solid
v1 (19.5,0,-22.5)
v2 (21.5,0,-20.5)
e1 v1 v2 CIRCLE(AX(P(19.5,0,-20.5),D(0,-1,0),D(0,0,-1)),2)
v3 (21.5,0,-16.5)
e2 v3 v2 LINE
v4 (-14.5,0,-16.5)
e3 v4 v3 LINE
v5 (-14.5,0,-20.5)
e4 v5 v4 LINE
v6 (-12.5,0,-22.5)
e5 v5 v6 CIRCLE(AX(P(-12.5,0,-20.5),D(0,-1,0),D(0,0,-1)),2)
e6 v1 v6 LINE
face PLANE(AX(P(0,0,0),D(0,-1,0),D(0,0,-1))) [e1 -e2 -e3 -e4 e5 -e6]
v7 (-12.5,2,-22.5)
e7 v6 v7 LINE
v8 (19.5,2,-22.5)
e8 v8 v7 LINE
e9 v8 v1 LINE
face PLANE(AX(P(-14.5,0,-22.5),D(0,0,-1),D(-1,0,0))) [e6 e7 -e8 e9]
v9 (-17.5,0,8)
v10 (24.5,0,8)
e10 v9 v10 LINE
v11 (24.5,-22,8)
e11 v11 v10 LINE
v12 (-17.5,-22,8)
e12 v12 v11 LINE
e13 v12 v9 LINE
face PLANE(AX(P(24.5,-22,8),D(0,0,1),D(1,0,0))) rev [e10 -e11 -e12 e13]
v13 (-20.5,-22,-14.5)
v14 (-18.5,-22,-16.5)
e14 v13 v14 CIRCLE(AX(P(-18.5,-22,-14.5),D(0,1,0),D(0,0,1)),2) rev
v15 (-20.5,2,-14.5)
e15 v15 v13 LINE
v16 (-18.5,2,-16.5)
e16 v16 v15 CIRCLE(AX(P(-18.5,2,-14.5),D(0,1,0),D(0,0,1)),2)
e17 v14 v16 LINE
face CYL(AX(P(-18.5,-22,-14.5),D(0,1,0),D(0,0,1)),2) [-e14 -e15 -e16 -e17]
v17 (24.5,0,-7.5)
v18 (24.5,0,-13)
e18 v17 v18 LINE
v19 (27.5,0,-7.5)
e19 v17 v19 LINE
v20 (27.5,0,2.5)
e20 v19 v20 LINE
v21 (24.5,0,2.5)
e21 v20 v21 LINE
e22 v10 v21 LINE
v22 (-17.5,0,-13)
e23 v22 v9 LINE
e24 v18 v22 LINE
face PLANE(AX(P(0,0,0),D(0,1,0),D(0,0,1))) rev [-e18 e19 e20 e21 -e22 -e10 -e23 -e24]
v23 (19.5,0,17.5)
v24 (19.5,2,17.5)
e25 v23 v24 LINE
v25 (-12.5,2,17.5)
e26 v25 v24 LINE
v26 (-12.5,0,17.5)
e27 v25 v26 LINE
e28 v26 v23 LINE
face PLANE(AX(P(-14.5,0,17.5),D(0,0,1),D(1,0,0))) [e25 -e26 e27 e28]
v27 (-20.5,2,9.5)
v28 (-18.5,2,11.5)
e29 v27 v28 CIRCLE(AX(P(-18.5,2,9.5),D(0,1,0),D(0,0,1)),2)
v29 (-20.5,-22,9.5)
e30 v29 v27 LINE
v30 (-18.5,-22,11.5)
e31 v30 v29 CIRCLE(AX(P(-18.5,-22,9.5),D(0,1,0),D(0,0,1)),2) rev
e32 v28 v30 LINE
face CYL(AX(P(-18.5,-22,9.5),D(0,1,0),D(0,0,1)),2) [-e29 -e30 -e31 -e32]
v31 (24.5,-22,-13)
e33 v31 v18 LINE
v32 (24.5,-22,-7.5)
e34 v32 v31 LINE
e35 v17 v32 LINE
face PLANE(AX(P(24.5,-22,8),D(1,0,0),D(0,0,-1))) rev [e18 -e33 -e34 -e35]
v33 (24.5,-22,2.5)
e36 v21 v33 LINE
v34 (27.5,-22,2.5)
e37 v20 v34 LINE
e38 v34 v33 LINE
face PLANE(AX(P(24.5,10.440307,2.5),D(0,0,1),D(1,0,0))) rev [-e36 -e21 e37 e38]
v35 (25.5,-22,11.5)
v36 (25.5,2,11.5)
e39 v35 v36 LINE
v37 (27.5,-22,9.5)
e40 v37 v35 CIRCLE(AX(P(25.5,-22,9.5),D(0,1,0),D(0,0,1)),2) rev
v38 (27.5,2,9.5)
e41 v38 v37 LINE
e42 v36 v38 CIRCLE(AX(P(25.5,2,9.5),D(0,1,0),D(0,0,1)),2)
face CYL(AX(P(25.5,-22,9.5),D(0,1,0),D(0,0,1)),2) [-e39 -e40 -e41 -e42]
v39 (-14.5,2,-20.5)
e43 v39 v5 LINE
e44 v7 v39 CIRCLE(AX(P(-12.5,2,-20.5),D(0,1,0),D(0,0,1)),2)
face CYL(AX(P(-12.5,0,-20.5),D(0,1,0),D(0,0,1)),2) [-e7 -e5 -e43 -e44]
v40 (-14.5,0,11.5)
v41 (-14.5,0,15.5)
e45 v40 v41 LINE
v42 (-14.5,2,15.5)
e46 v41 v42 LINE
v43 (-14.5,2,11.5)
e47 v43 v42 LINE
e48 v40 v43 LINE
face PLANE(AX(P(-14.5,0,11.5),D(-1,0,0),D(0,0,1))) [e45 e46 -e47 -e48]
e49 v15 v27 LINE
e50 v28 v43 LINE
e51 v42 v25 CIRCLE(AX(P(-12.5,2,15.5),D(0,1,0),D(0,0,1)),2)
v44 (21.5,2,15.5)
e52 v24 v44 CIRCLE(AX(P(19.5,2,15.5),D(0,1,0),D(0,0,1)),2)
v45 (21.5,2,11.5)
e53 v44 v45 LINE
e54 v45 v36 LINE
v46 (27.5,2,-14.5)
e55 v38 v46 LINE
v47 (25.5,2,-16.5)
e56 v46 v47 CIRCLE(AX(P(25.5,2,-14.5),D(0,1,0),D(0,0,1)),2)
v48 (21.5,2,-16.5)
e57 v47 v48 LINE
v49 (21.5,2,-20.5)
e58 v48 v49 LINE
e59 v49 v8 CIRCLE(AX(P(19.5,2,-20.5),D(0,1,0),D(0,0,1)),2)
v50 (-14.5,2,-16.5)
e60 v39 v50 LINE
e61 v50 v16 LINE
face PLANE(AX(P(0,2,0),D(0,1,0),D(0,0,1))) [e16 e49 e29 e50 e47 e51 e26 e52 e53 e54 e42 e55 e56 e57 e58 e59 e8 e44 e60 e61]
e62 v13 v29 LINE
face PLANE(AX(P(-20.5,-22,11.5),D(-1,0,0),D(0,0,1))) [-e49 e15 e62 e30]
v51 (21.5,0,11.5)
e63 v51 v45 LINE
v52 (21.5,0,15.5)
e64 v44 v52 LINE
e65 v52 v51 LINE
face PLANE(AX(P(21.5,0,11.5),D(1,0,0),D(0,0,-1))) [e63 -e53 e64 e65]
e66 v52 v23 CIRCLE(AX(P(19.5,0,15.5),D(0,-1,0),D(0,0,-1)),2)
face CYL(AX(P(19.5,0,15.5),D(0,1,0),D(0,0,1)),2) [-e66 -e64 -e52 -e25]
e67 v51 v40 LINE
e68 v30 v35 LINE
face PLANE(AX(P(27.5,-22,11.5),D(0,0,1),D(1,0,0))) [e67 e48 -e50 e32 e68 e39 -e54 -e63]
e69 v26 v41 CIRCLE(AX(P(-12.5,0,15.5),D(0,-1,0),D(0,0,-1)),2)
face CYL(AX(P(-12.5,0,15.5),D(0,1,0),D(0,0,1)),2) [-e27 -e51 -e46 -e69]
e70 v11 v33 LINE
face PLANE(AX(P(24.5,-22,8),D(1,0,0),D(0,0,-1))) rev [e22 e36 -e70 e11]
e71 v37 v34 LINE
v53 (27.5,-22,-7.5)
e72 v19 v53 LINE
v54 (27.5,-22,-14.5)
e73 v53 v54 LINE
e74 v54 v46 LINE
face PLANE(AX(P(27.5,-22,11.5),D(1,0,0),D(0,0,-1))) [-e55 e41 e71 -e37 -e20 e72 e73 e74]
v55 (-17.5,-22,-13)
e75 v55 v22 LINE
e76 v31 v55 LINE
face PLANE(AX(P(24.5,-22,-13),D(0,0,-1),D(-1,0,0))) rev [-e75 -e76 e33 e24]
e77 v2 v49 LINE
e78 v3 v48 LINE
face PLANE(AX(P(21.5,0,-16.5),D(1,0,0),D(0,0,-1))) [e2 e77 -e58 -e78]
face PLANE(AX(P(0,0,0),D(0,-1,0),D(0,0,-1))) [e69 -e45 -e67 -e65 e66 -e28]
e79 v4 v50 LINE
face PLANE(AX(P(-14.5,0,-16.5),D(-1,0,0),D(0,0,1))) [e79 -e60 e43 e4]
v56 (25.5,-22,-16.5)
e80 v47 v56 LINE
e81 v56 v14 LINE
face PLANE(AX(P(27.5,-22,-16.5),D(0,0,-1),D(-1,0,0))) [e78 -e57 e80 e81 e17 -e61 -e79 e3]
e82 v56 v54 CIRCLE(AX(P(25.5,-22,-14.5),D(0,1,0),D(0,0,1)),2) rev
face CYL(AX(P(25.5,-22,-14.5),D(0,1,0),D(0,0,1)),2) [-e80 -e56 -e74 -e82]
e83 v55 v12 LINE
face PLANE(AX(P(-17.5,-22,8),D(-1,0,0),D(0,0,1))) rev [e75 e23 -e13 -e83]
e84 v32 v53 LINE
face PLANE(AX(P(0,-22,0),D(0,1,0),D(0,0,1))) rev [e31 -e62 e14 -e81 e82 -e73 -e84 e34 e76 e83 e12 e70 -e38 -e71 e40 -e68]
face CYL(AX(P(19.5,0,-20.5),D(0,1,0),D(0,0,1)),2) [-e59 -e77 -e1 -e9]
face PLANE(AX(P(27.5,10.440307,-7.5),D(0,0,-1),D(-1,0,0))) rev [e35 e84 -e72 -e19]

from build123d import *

# Parameters (mm, degrees)
SKETCH6_W            = 48
SKETCH6_H            = 28
SKETCH6_W_2          = 42
SKETCH6_H_2          = 21
BOSS_EXTRUDE20_DEPTH = 22
SKETCH9_W            = 48
SKETCH9_H            = 28
BOSS_EXTRUDE22_DEPTH = 2
FILLET1_R            = 2
SKETCH11_W           = 36
SKETCH11_H           = 6
BOSS_EXTRUDE23_DEPTH = 2
FILLET2_R            = 2
SKETCH12_W           = 3
SKETCH12_H           = 10
CUT_EXTRUDE2_DEPTH   = 22


with BuildPart() as part:
    # Sketch6 → Boss-Extrude20 (new body)
    with BuildSketch(Plane(origin=(0, 0, 0), x_dir=(-1, 0, 0), z_dir=(0, 1, 0))):
        with Locations((-3.5, -2.5)):
            Rectangle(SKETCH6_W, SKETCH6_H)
        with Locations((-3.5, -2.5)):
            Rectangle(SKETCH6_W_2, SKETCH6_H_2, mode=Mode.SUBTRACT)
    extrude(amount=-BOSS_EXTRUDE20_DEPTH)

    # Sketch9 → Boss-Extrude22 (add)
    with BuildSketch(Plane(origin=(0, 0, 0), x_dir=(-1, 0, 0), z_dir=(0, 1, 0))):
        with Locations((-3.5, -2.5)):
            Rectangle(SKETCH9_W, SKETCH9_H)
    extrude(amount=BOSS_EXTRUDE22_DEPTH)

    # Fillet1
    fillet1_edges = [part.edges().sort_by_distance(p)[0] for p in [
        (27.5, -10, 11.5),
        (-20.5, -10, 11.5),
        (-20.5, -10, -16.5),
        (27.5, -10, -16.5),
    ]]
    fillet(fillet1_edges, radius=FILLET1_R)

    # Sketch11 → Boss-Extrude23 (add)
    with BuildSketch(Plane(origin=(0, 2, 0), x_dir=(1, 0, 0), z_dir=(0, 1, 0))):
        with Locations((3.5, 19.5)):
            Rectangle(SKETCH11_W, SKETCH11_H)
        with Locations((3.5, -14.5)):
            Rectangle(SKETCH11_W, SKETCH11_H)
    extrude(amount=-BOSS_EXTRUDE23_DEPTH)

    # Fillet2
    fillet2_edges = [part.edges().sort_by_distance(p)[0] for p in [
        (-14.5, 1, -22.5),
        (21.5, 1, -22.5),
        (21.5, 1, 17.5),
        (-14.5, 1, 17.5),
    ]]
    fillet(fillet2_edges, radius=FILLET2_R)

    # Sketch12 → Cut-Extrude2 (cut)
    with BuildSketch(Plane.XZ.offset(22)):
        with Locations((26, -2.5)):
            Rectangle(SKETCH12_W, SKETCH12_H)
    extrude(amount=-CUT_EXTRUDE2_DEPTH, mode=Mode.SUBTRACT)


solid = part.part
